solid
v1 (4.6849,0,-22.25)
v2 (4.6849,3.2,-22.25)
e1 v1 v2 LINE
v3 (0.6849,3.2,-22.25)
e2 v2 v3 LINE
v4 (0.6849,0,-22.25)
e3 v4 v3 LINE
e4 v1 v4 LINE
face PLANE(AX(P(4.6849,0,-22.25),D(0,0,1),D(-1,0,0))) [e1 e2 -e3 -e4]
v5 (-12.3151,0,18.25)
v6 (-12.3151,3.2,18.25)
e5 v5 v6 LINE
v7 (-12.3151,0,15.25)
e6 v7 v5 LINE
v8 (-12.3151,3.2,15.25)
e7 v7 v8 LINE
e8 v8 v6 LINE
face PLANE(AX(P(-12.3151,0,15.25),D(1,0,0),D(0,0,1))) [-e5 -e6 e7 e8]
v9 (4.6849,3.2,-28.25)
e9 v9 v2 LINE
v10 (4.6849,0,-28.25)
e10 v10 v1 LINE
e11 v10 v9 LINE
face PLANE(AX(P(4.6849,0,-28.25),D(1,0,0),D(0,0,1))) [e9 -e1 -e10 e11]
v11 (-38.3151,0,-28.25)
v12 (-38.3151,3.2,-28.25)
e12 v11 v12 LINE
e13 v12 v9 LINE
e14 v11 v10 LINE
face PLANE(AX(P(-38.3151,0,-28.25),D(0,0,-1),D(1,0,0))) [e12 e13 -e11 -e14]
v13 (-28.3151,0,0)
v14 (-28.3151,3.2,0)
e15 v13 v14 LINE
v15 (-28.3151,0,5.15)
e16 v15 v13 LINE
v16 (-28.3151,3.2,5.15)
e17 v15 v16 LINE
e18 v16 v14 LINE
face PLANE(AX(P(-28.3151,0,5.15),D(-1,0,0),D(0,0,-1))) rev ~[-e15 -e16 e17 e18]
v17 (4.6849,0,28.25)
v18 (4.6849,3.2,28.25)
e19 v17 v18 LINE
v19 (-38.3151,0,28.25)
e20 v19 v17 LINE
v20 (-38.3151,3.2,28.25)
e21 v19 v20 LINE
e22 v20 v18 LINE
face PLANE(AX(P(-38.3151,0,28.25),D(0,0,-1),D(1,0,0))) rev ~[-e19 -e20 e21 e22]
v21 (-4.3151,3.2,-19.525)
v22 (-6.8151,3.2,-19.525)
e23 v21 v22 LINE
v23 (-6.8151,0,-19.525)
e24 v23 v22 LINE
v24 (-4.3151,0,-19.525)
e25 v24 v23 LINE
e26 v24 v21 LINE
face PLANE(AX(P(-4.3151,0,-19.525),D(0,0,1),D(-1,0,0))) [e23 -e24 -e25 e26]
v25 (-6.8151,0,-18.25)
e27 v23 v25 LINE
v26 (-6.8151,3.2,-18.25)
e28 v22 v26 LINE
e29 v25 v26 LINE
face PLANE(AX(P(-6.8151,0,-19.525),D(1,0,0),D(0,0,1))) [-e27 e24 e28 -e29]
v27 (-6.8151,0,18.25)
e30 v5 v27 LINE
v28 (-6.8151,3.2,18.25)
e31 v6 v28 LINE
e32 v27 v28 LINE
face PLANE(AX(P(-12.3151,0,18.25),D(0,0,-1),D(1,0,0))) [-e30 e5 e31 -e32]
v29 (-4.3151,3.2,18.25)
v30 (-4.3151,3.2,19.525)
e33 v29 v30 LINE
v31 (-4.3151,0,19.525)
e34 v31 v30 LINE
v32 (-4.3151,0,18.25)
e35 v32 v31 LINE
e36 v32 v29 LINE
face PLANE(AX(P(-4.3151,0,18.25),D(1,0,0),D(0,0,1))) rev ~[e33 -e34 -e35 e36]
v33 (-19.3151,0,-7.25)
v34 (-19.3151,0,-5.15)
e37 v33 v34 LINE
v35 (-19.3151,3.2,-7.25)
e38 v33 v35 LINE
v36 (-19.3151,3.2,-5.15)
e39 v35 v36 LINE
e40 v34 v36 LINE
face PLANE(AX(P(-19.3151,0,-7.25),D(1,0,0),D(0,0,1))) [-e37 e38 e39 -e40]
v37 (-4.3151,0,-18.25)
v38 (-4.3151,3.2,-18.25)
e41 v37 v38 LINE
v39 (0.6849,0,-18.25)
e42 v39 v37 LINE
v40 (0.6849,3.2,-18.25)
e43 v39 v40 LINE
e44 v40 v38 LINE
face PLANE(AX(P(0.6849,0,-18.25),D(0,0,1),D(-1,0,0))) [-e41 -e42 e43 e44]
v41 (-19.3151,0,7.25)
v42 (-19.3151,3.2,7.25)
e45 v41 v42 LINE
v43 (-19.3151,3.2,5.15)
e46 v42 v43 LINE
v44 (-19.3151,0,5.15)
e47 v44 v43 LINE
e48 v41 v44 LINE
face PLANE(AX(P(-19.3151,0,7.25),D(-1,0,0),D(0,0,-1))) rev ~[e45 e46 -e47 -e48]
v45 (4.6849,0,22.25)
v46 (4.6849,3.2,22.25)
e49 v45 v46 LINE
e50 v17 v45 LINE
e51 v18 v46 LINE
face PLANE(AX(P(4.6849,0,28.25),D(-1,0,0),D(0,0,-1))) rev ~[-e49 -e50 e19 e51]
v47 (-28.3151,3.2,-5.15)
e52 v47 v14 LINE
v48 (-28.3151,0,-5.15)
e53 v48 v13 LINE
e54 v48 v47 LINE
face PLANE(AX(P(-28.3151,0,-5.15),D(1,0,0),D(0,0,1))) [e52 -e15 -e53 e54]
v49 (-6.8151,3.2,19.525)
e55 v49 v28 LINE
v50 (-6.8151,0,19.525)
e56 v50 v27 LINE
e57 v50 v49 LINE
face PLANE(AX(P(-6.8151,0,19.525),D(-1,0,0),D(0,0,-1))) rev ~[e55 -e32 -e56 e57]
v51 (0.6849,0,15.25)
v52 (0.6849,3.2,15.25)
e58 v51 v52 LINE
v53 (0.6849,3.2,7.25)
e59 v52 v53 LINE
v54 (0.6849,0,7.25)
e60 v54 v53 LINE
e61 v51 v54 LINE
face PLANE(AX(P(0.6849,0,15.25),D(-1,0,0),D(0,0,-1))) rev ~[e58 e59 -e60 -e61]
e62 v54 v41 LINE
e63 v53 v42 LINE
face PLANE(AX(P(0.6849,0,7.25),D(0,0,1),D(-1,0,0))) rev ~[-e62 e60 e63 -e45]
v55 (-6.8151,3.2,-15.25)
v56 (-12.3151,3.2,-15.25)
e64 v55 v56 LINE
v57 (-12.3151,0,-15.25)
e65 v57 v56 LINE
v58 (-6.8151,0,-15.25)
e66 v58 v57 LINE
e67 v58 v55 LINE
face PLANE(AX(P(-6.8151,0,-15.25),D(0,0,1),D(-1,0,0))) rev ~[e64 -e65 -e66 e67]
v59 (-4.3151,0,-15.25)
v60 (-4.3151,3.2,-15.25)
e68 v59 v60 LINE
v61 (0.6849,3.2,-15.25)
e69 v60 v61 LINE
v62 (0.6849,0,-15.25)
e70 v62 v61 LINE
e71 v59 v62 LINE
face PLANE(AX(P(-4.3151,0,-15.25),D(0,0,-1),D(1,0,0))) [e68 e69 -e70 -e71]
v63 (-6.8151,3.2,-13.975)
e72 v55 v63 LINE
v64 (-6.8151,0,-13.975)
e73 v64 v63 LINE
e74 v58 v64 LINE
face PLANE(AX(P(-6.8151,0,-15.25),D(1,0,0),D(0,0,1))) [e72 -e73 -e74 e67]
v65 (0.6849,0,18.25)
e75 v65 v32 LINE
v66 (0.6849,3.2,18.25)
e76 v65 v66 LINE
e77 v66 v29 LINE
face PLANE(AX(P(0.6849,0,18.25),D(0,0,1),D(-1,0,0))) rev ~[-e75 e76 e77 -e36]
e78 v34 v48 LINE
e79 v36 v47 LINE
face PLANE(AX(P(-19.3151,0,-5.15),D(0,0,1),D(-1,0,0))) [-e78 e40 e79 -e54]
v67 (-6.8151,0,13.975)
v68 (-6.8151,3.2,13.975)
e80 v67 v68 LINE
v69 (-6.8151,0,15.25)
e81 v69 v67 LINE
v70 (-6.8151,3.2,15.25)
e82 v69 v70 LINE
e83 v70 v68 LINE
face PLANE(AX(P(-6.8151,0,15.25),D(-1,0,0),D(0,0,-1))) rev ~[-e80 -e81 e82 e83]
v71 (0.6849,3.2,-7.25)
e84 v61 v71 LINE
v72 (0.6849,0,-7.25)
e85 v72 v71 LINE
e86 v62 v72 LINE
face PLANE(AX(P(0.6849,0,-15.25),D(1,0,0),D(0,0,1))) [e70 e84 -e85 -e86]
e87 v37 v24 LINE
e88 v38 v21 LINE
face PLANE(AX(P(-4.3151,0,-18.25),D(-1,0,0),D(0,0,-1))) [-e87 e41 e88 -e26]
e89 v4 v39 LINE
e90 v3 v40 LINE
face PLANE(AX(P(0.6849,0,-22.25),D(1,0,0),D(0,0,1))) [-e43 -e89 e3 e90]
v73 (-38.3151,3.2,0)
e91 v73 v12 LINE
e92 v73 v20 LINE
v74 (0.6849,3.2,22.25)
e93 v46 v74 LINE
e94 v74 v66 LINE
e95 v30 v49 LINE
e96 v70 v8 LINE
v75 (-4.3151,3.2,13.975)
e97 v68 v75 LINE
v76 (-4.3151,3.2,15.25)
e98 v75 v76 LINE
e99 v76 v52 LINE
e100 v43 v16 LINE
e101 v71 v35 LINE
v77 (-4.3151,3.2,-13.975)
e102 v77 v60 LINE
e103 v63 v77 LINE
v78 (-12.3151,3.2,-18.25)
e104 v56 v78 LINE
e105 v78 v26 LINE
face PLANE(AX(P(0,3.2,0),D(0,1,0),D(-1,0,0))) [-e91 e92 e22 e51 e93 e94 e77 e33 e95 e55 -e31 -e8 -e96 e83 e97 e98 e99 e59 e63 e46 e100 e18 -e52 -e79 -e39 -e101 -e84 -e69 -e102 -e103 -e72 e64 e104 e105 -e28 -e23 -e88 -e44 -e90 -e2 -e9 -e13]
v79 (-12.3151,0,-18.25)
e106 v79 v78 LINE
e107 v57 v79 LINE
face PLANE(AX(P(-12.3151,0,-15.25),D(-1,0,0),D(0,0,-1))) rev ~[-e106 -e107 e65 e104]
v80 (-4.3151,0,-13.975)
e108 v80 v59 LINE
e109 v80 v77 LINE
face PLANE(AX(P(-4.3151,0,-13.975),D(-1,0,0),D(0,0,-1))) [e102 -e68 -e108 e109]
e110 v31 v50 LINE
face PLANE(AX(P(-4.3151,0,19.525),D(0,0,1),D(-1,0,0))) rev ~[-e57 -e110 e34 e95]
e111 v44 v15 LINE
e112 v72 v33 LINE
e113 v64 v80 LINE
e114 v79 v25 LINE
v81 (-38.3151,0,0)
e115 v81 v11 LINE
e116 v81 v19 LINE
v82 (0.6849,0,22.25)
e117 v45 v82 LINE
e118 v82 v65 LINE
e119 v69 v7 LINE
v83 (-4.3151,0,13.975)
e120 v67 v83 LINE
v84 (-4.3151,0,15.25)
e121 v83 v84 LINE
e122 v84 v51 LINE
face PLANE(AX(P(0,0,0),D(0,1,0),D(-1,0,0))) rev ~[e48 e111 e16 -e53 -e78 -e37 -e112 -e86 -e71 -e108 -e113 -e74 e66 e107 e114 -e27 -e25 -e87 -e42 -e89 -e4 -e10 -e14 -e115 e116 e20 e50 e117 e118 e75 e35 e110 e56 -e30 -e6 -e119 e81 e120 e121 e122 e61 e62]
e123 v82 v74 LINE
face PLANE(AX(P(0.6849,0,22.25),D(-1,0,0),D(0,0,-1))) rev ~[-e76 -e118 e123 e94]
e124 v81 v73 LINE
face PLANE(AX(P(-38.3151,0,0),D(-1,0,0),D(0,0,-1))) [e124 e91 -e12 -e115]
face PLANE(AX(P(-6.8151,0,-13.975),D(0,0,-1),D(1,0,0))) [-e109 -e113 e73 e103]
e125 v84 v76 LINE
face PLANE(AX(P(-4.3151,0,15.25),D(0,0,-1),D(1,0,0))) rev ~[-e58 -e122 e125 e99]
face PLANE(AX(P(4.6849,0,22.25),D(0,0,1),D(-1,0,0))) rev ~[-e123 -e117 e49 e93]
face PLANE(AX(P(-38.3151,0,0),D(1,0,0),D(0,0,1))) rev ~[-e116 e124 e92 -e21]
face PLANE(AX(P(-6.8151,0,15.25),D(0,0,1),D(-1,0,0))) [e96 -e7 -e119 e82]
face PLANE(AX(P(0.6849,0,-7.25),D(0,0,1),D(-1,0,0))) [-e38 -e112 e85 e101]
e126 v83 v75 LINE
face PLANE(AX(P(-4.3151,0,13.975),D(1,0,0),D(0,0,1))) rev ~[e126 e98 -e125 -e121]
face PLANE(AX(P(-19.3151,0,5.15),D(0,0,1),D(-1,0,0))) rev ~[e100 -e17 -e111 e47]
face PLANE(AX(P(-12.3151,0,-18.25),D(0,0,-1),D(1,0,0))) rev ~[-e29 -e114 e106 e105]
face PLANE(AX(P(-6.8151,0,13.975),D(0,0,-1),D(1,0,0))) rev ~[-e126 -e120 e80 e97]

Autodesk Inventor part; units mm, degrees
ref_plane "YZ Plane" through (0, 0, 0) normal (1, 0, 0) x (0, 1, 0)
ref_plane "XZ Plane" through (0, 0, 0) normal (0, 1, 0) x (-1, 0, 0)
ref_plane "XY Plane" through (0, 0, 0) normal (0, 0, 1) x (1, 0, 0)
sketch "Sketch1" plane through (0, 0, 0) normal (0, 1, 0) x (-1, 0, 0)
  line L0 (38.3151, 0) -> (38.3151, -28.25)
  line L1 (38.3151, -28.25) -> (-4.6849, -28.25)
  line L2 (-4.6849, -28.25) -> (-4.6849, -22.25)
  line L3 (-4.6849, -22.25) -> (-0.6849, -22.25)
  line L4 (-0.6849, -22.25) -> (-0.6849, -18.25)
  line L5 (-0.6849, -18.25) -> (4.3151, -18.25)
  line L6 (4.3151, -18.25) -> (4.3151, -19.525)
  line L7 (4.3151, -19.525) -> (6.8151, -19.525)
  line L8 (6.8151, -13.975) -> (4.3151, -13.975)
  line L9 (4.3151, -13.975) -> (4.3151, -15.25)
  line L10 (4.3151, -15.25) -> (-0.6849, -15.25)
  line L11 (-0.6849, -15.25) -> (-0.6849, -7.25)
  line L12 (-0.6849, -7.25) -> (19.3151, -7.25)
  line L13 (19.3151, -7.25) -> (19.3151, -5.15)
  line L14 (19.3151, -5.15) -> (28.3151, -5.15)
  line L15 (28.3151, -5.15) -> (28.3151, 0)
  line L16 (0, 0) -> (38.3151, 0) construction
  line L17 (6.8151, -15.25) -> (12.3151, -15.25)
  line L18 (12.3151, -15.25) -> (12.3151, -18.25)
  line L19 (12.3151, -18.25) -> (6.8151, -18.25)
  line L20 (6.8151, -19.525) -> (6.8151, -18.25)
  line L21 (6.8151, -15.25) -> (6.8151, -13.975)
  line L22 (38.3151, 0) -> (38.3151, 28.25)
  line L23 (38.3151, 28.25) -> (-4.6849, 28.25)
  line L24 (-4.6849, 28.25) -> (-4.6849, 22.25)
  line L25 (-4.6849, 22.25) -> (-0.6849, 22.25)
  line L26 (-0.6849, 22.25) -> (-0.6849, 18.25)
  line L27 (-0.6849, 18.25) -> (4.3151, 18.25)
  line L28 (4.3151, 18.25) -> (4.3151, 19.525)
  line L29 (4.3151, 19.525) -> (6.8151, 19.525)
  line L30 (6.8151, 13.975) -> (4.3151, 13.975)
  line L31 (4.3151, 13.975) -> (4.3151, 15.25)
  line L32 (4.3151, 15.25) -> (-0.6849, 15.25)
  line L33 (-0.6849, 15.25) -> (-0.6849, 7.25)
  line L34 (-0.6849, 7.25) -> (19.3151, 7.25)
  line L35 (19.3151, 7.25) -> (19.3151, 5.15)
  line L36 (19.3151, 5.15) -> (28.3151, 5.15)
  line L37 (28.3151, 5.15) -> (28.3151, 0)
  line L38 (6.8151, 15.25) -> (12.3151, 15.25)
  line L39 (12.3151, 15.25) -> (12.3151, 18.25)
  line L40 (12.3151, 18.25) -> (6.8151, 18.25)
  line L41 (6.8151, 19.525) -> (6.8151, 18.25)
  line L42 (6.8151, 15.25) -> (6.8151, 13.975)
  dimension "d0" = 5.55
  dimension "d1" = 2.5
  dimension "d2" = 3
  dimension "d3" = 6
  dimension "d4" = 5
  dimension "d7" = 4
  dimension "d9" = 24
  dimension "d10" = 17
  dimension "d11" = 10.3
  dimension "d12" = 9
  dimension "d13" = 14.5
  dimension "d14" = 8
  dimension "d15" = 4
  dimension "d16" = 10
extrude "Extrusion1" add sketch "Sketch1" along normal blind 3.2
properties part number "Soporte_Plug_Alimentacion"
